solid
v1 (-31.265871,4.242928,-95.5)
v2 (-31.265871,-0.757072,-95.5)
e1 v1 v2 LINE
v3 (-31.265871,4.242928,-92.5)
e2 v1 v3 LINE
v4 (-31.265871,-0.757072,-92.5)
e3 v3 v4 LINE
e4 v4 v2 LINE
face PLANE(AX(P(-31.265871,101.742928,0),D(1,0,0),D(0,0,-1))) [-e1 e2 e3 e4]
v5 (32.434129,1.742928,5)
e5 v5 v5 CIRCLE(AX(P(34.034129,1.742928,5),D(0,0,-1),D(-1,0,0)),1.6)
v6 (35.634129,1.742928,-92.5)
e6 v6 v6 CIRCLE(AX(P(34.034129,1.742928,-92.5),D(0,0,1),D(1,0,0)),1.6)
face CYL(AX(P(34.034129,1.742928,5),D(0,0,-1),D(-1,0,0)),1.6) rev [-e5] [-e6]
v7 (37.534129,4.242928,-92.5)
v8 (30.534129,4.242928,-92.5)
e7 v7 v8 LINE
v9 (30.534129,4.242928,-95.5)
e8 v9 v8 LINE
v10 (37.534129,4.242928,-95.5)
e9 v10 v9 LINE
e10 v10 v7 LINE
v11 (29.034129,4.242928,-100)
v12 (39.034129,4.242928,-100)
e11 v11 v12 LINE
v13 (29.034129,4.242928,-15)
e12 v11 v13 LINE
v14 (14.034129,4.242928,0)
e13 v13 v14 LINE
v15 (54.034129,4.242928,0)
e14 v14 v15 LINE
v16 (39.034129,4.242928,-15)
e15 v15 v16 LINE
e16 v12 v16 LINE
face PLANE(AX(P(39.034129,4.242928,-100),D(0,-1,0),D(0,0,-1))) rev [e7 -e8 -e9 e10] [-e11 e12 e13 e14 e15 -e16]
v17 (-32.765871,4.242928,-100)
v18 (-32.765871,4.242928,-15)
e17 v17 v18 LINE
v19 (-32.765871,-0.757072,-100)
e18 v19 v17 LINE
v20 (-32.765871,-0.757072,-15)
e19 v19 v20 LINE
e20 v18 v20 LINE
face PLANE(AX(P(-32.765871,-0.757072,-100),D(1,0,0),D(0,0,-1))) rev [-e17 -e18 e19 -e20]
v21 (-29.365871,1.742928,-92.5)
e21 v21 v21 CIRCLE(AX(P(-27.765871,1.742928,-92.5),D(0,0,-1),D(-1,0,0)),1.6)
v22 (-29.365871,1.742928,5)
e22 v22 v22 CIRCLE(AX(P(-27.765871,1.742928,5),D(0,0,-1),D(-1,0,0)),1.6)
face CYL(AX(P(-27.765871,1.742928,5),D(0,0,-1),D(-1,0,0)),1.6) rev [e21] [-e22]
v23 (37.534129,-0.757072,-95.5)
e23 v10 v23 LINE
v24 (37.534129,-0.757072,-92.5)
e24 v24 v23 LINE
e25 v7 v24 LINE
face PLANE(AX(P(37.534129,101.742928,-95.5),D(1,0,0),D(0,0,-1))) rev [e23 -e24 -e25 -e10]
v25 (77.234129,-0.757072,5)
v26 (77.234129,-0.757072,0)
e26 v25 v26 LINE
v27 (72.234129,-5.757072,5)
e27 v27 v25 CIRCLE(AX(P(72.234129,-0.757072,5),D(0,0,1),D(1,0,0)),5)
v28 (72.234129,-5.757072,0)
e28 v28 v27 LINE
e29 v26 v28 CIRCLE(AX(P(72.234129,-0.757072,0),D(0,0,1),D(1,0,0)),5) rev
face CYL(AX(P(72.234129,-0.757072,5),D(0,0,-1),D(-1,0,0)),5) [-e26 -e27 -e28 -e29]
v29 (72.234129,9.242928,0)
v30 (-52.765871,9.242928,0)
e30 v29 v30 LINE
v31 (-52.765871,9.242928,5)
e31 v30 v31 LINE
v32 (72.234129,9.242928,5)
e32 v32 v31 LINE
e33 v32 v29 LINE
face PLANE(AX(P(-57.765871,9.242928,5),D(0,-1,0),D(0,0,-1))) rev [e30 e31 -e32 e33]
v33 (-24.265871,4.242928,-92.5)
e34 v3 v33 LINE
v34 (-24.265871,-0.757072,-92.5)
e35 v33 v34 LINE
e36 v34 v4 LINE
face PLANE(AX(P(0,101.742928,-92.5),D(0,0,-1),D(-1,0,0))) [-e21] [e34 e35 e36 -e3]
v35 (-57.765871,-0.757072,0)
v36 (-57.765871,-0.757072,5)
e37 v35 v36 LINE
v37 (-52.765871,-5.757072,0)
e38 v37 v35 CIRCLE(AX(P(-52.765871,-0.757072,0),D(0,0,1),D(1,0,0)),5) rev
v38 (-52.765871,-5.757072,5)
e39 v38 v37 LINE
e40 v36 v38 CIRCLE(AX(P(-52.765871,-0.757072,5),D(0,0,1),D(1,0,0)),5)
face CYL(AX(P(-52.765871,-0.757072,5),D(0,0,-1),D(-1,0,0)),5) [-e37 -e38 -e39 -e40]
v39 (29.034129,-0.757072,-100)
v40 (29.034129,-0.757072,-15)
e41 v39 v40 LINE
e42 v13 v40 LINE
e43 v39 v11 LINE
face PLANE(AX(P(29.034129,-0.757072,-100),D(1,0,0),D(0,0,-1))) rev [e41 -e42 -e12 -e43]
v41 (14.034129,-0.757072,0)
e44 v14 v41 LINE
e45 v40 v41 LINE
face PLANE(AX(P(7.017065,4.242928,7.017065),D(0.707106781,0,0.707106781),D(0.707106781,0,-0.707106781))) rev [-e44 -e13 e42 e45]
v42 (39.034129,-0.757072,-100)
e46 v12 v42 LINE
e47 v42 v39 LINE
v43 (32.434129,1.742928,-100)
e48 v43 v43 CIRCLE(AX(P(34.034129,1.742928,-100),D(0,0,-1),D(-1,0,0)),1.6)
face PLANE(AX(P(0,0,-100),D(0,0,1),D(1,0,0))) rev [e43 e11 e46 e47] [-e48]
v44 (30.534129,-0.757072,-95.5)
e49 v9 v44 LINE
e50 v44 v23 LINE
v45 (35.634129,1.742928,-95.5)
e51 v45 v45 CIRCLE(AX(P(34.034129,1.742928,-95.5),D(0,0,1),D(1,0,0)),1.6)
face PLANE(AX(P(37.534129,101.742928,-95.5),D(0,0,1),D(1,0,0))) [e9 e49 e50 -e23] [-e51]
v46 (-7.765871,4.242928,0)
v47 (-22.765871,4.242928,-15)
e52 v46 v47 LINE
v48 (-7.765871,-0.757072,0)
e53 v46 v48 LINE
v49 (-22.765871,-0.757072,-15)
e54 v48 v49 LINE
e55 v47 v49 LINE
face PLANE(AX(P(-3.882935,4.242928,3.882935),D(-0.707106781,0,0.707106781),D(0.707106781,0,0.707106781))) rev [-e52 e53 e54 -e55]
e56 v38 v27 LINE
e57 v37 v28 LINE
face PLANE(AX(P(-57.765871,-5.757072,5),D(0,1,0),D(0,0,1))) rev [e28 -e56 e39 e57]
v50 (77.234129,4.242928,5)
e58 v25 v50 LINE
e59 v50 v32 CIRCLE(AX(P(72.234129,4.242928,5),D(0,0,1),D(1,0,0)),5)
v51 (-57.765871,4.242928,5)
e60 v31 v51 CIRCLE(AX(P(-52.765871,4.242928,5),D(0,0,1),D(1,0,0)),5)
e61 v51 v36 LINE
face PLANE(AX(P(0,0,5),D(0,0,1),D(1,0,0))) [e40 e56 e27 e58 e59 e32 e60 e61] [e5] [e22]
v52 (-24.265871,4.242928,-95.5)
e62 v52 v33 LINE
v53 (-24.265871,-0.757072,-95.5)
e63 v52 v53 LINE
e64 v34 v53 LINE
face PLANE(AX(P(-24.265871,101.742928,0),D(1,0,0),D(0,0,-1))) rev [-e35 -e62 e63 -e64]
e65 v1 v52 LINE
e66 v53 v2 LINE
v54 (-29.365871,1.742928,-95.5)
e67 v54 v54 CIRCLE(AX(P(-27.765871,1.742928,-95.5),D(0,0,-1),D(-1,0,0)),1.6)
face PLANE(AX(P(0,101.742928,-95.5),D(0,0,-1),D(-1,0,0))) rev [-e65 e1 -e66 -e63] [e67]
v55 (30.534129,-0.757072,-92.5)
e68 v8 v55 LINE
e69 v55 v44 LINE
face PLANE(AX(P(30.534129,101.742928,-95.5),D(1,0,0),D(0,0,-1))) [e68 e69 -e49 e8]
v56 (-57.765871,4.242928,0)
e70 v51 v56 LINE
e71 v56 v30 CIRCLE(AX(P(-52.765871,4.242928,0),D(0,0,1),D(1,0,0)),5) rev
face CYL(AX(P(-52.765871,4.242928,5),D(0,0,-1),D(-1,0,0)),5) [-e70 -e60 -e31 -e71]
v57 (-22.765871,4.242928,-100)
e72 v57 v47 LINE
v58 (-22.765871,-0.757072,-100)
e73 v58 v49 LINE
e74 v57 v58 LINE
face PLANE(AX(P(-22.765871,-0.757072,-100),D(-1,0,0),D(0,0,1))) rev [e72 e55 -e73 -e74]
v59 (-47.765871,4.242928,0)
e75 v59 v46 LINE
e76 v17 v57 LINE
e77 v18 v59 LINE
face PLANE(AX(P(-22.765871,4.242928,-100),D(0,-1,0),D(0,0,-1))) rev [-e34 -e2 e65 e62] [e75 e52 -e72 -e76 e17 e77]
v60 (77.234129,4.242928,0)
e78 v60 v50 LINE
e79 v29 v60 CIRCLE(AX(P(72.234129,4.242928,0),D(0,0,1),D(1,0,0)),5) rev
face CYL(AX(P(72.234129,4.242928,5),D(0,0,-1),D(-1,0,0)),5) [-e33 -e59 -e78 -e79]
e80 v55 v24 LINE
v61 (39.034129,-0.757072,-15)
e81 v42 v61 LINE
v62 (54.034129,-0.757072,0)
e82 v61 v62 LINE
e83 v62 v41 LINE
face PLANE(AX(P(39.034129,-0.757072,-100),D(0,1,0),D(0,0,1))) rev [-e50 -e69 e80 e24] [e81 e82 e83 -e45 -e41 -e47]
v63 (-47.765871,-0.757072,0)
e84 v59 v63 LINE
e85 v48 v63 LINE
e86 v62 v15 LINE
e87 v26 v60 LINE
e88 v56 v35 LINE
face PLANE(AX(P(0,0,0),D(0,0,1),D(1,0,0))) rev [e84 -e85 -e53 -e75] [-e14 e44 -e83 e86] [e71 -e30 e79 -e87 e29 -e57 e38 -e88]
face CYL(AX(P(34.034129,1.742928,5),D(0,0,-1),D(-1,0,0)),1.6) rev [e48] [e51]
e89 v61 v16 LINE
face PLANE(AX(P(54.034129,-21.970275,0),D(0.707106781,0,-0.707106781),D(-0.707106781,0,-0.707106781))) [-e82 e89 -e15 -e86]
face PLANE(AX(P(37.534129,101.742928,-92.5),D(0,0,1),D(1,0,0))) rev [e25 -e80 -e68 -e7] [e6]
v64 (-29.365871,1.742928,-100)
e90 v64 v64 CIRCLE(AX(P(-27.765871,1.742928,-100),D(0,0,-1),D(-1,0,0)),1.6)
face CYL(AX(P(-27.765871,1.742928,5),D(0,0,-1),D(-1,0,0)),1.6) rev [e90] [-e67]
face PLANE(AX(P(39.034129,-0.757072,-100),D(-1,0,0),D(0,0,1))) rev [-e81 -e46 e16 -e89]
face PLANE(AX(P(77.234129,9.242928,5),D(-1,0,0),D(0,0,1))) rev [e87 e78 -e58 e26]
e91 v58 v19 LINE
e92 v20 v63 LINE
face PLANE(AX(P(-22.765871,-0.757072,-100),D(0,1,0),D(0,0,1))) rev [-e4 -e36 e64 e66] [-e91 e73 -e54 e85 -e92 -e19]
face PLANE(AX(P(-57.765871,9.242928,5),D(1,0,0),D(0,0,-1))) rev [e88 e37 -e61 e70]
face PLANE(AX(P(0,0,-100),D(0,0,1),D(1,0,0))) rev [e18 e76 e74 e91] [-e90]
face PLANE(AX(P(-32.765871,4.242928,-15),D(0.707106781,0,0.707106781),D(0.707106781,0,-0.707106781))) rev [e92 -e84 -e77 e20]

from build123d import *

# Parameters (mm, degrees)
ESBO_O1_W                  = 135
ESBO_O1_H                  = 15
RESSALTO_EXTRUS_O1_DEPTH   = 5
FILETE1_R                  = 5
FILETE2_R                  = 5
ESBO_O3_R                  = 1.6
CORTE_EXTRUS_O1_DEPTH      = 5
ESBO_O5_W                  = 10
ESBO_O5_H                  = 5
RESSALTO_EXTRUS_O4_DEPTH   = 100
RESSALTO_EXTRUS_O5_START   = -2.5
RESSALTO_EXTRUS_O5_DEPTH   = 5
RESSALTO_EXTRUS_O6_DEPTH   = 5
RESSALTO_EXTRUS_O7_START   = -2.5
RESSALTO_EXTRUS_O7_DEPTH   = 5
CORTE_EXTRUS_O2_DEPTH      = 100
CORTE_EXTRUS_O2_DEPTH_BACK = 100
ESBO_O10_W                 = 7
ESBO_O10_H                 = 3
ESBO_O11_R                 = 1.6
CORTE_EXTRUS_O3_DEPTH      = 131.673419179


with BuildPart() as part:
    # Esboço1 → Ressalto-extrusão1 (new body)
    with BuildSketch(Plane.XY):
        with Locations((9.734129461, 1.742928443)):
            Rectangle(ESBO_O1_W, ESBO_O1_H)
    extrude(amount=RESSALTO_EXTRUS_O1_DEPTH)

    # Filete1
    filete1_edges = [part.edges().sort_by_distance(p)[0] for p in [
        (-57.765870539, 9.242928443, 2.5),
        (-57.765870539, -5.757071557, 2.5),
    ]]
    fillet(filete1_edges, radius=FILETE1_R)

    # Filete2
    filete2_edges = [part.edges().sort_by_distance(p)[0] for p in [
        (77.234129461, 9.242928443, 2.5),
        (77.234129461, -5.757071557, 2.5),
    ]]
    fillet(filete2_edges, radius=FILETE2_R)

    # Esboço3 → Corte-extrusão1 (cut)
    with BuildSketch(Plane(origin=(0, 0, 0), x_dir=(-1, 0, 0), z_dir=(0, 0, -1))):
        with Locations((27.765870539, 1.742928443)):
            Circle(ESBO_O3_R)
        with Locations((-34.034129461, 1.742928443)):
            Circle(ESBO_O3_R)
    extrude(amount=-CORTE_EXTRUS_O1_DEPTH, mode=Mode.SUBTRACT)

    # Esboço5 → Ressalto-extrusão4 (add)
    with BuildSketch(Plane(origin=(0, 0, 0), x_dir=(-1, 0, 0), z_dir=(0, 0, -1))):
        with Locations((-34.034129461, 1.742928443)):
            Rectangle(ESBO_O5_W, ESBO_O5_H)
        with Locations((27.765870539, 1.742928443)):
            Rectangle(ESBO_O5_W, ESBO_O5_H)
    extrude(amount=RESSALTO_EXTRUS_O4_DEPTH)

    # Esboço7 → Ressalto-extrusão5 (add)
    with BuildSketch(Plane(origin=(0, 1.742928443, 0), x_dir=(1, 0, 0), z_dir=(0, 1, 0)).offset(RESSALTO_EXTRUS_O5_START)):
        Polygon((-32.765870539, 15), (-32.765870539, 0), (-47.765870539, 0), align=None)
    extrude(amount=RESSALTO_EXTRUS_O5_DEPTH)

    # Esboço8 → Ressalto-extrusão6 (add)
    with BuildSketch(Plane(origin=(0, 4.242928443, 0), x_dir=(1, 0, 0), z_dir=(0, 1, 0))):
        Polygon((39.034129461, 15), (39.034129461, 0), (54.034129461, 0), align=None)
    extrude(amount=-RESSALTO_EXTRUS_O6_DEPTH)

    # Esboço9 → Ressalto-extrusão7 (add)
    with BuildSketch(Plane(origin=(0, 1.742928443, 0), x_dir=(1, 0, 0), z_dir=(0, 1, 0)).offset(RESSALTO_EXTRUS_O7_START)):
        Polygon((29.034129461, 0), (14.034129461, 0), (29.034129461, 15), align=None)
        Polygon((-7.765870539, 0), (-22.765870539, 0), (-22.765870539, 15), align=None)
    extrude(amount=RESSALTO_EXTRUS_O7_DEPTH)

    # Esboço10 → Corte-extrusão2 (cut, two sides: drawn at the far end of the back side and taken through both)
    with BuildSketch(Plane(origin=(0, 1.742928443, 0), x_dir=(1, 0, 0), z_dir=(0, 1, 0)).offset(-CORTE_EXTRUS_O2_DEPTH_BACK)):
        with Locations((-27.765870539, 94)):
            Rectangle(ESBO_O10_W, ESBO_O10_H)
        with Locations((34.034129461, 94)):
            Rectangle(ESBO_O10_W, ESBO_O10_H)
    extrude(amount=CORTE_EXTRUS_O2_DEPTH + CORTE_EXTRUS_O2_DEPTH_BACK, mode=Mode.SUBTRACT)

    # Esboço11 → Corte-extrusão3 (cut, through all)
    with BuildSketch(Plane(origin=(0, 0, -100), x_dir=(-1, 0, 0), z_dir=(0, 0, -1))):
        with Locations((27.765870539, 1.742928443)):
            Circle(ESBO_O11_R)
        with Locations((-34.034129461, 1.742928443)):
            Circle(ESBO_O11_R)
    extrude(amount=-CORTE_EXTRUS_O3_DEPTH, mode=Mode.SUBTRACT)


solid = part.part
